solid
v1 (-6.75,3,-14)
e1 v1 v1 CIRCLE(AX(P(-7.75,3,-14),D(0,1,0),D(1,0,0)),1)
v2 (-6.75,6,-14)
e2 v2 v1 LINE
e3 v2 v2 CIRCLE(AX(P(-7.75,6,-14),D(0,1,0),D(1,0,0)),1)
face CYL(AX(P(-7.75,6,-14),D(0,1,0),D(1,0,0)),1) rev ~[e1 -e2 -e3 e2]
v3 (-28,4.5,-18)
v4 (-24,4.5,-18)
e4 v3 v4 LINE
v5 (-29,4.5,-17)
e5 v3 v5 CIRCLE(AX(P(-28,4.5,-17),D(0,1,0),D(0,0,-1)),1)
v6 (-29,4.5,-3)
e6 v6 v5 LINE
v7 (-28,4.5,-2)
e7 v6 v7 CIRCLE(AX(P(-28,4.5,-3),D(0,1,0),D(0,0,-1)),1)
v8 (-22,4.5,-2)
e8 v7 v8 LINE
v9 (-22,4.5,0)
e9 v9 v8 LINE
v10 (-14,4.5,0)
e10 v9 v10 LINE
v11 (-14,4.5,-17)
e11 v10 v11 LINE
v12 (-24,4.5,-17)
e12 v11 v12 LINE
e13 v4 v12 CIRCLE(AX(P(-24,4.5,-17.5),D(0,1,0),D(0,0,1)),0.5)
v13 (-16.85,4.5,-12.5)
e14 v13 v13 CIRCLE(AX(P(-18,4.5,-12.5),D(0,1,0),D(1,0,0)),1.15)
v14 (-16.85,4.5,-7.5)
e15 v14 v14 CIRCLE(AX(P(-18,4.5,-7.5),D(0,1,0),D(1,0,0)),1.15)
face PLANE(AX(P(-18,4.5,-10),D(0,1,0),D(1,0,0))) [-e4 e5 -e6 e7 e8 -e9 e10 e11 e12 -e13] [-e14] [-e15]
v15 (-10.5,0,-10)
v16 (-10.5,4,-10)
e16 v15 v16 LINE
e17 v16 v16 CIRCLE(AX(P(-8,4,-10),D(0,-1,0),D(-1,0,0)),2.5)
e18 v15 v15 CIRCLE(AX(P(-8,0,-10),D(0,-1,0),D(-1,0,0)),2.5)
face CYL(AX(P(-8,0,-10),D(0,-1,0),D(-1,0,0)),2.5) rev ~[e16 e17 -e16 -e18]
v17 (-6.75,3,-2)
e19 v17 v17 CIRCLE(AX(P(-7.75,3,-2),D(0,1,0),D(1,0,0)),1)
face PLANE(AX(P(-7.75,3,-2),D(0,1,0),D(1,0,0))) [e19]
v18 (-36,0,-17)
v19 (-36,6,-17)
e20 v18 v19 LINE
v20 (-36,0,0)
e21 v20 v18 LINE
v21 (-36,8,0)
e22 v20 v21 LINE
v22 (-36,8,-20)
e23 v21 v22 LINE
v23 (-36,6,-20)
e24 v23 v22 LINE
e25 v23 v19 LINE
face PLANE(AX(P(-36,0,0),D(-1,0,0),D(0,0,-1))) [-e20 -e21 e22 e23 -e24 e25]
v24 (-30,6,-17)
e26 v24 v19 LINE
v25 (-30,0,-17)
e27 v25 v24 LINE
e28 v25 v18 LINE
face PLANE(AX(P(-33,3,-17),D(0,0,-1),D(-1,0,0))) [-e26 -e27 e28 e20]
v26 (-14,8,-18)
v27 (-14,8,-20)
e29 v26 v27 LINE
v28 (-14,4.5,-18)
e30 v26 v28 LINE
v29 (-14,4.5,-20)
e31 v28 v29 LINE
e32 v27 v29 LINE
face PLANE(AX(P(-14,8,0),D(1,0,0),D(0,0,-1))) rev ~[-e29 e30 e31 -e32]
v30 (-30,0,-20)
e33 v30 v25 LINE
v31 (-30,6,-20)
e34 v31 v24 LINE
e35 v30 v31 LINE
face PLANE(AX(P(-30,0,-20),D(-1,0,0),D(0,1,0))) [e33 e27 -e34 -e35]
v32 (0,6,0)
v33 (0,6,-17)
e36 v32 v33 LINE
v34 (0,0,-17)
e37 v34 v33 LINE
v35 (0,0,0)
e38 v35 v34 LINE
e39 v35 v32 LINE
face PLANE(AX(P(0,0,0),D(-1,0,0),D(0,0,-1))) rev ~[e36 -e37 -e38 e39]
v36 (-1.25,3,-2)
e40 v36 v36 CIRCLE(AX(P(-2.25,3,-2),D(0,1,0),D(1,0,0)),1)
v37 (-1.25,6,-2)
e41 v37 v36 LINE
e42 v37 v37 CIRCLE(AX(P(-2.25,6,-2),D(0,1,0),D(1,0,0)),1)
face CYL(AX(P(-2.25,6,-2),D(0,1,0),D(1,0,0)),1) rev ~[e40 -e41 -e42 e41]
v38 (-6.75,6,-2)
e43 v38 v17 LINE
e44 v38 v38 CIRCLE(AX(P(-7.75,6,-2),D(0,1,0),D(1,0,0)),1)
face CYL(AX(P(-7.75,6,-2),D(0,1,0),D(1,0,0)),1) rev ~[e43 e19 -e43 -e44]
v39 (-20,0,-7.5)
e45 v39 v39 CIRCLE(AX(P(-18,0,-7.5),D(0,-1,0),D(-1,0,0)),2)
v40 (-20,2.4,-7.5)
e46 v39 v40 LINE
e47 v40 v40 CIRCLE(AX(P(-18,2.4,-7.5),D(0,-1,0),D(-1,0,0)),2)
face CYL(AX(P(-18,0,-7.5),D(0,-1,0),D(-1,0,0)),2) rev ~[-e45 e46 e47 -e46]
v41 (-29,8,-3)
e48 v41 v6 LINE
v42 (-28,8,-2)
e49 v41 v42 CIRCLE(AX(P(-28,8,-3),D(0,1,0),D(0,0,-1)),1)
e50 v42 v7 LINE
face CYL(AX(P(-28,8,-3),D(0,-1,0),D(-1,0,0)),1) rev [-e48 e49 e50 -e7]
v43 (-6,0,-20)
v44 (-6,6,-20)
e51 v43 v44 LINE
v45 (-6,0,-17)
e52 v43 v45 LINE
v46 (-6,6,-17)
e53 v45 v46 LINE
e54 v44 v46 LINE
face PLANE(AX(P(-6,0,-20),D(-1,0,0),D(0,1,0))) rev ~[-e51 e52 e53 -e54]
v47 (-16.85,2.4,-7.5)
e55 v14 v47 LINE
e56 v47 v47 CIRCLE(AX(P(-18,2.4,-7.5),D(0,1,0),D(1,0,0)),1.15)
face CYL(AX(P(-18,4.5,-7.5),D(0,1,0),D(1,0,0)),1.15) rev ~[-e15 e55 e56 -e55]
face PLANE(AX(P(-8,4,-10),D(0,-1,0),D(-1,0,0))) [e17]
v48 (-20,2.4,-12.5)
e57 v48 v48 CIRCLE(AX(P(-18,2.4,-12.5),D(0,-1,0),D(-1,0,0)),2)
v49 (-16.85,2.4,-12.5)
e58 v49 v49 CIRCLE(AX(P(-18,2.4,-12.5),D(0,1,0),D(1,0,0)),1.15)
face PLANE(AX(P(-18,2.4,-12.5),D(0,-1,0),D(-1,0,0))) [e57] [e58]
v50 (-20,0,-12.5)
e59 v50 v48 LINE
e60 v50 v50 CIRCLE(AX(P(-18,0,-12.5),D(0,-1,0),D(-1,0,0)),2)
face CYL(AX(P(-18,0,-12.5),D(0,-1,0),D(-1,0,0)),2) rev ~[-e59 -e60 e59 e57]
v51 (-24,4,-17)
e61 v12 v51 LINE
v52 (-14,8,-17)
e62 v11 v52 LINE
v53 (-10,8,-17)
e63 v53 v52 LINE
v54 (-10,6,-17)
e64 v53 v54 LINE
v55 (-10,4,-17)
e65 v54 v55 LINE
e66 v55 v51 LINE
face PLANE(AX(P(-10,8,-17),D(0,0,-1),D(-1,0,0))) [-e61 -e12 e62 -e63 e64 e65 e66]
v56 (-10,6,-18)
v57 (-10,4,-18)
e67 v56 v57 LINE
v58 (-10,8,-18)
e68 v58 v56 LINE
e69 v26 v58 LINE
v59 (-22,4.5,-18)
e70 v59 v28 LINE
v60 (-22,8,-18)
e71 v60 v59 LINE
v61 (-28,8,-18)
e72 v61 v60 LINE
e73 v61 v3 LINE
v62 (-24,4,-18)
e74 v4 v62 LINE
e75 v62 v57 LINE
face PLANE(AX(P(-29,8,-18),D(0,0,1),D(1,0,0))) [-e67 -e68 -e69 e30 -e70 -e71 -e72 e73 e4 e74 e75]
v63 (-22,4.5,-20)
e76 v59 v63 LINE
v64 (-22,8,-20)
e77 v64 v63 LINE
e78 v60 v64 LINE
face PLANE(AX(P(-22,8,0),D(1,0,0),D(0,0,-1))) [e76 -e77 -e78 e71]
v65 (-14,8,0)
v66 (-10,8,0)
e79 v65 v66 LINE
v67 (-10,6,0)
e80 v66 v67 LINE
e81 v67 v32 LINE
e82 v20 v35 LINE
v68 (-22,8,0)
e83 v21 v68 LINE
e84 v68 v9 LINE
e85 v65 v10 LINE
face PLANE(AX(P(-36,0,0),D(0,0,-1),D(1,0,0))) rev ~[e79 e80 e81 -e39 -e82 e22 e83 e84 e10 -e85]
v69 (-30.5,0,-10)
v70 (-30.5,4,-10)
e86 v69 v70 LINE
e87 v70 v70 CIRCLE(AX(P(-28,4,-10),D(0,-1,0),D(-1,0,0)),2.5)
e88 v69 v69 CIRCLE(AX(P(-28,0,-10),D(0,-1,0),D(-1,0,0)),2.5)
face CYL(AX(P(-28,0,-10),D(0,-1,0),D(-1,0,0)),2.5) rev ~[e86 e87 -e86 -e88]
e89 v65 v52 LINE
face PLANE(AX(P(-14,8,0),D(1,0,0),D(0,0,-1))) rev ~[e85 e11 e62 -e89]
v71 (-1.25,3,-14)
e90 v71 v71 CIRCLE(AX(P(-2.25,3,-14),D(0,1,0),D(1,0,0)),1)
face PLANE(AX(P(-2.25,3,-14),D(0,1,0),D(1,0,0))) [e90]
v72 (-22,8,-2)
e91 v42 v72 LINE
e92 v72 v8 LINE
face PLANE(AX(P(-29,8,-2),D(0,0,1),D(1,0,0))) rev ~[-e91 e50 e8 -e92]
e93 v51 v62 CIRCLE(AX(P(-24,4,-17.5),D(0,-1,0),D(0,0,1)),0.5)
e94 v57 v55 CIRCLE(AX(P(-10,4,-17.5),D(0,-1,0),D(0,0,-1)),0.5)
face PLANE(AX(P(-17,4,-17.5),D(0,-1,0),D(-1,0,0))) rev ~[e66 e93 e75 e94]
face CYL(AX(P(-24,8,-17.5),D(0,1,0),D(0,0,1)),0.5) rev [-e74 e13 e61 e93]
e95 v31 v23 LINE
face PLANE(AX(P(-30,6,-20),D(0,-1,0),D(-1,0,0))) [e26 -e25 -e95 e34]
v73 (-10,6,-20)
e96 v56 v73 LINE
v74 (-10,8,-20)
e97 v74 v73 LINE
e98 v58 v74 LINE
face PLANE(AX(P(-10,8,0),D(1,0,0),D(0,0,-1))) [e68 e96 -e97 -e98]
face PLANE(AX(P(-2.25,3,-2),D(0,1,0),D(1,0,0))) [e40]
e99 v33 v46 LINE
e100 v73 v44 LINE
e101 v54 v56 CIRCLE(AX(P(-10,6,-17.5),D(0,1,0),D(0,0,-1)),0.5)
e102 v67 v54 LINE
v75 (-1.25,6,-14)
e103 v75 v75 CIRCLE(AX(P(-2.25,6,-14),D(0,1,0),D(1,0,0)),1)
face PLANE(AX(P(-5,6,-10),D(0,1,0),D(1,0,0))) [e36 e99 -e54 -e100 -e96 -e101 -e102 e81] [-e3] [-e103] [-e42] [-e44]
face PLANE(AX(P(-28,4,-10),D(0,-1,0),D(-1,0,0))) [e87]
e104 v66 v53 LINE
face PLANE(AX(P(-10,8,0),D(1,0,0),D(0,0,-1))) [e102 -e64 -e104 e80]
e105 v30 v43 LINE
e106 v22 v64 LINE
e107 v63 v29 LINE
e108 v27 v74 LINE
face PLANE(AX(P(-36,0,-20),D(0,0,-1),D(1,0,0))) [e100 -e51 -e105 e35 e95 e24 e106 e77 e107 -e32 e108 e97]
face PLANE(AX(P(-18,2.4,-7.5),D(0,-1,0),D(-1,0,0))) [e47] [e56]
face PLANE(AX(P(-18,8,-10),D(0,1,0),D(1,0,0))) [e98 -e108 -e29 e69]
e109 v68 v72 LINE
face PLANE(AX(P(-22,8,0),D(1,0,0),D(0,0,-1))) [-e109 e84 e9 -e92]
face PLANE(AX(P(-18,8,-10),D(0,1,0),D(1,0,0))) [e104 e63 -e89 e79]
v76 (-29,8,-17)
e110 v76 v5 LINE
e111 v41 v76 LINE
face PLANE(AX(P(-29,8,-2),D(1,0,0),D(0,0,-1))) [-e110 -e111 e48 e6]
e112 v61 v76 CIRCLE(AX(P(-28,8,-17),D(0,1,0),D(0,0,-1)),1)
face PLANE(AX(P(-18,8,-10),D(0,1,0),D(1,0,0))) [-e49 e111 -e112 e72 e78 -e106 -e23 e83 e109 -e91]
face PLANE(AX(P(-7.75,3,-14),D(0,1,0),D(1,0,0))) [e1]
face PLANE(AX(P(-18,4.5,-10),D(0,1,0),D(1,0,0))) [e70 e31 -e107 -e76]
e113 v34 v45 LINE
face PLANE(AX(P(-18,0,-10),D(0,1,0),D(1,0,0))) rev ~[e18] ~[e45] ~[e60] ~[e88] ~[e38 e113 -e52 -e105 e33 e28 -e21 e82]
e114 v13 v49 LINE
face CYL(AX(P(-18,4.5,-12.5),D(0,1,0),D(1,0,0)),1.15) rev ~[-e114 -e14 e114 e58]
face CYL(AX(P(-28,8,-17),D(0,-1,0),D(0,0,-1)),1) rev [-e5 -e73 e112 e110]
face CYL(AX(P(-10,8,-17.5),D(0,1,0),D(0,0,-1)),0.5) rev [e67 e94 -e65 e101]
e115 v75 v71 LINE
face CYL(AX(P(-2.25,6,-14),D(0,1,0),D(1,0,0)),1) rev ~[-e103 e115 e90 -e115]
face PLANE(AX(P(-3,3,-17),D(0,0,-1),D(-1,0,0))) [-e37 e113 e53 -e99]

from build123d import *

# Parameters (mm, degrees)
SKETCH_1_W           = 36
SKETCH_1_H           = 20
EXTRUDE_1_DEPTH      = 8
SKETCH_2_W           = 8
SKETCH_2_H           = 20
CUT_EXTRUDE_1_DEPTH  = 3.5
SKETCH_3_R           = 2.5
CUT_EXTRUDE_2_DEPTH  = 4
SKETCH_5_W           = 7
SKETCH_5_H           = 16
CUT_EXTRUDE_4_DEPTH  = 3.5
FILLET_1_R           = 1
SKETCH_6_R           = 1.15
CUT_EXTRUDE_5_DEPTH  = 5.5
SKETCH_7_W           = 10
SKETCH_7_H           = 20
CUT_EXTRUDE_6_DEPTH  = 2
CUT_EXTRUDE_7_DEPTH  = 4
SKETCH_9_R           = 1
CUT_EXTRUDE_10_DEPTH = 3
SKETCH_10_R          = 2
CUT_EXTRUDE_11_DEPTH = 2.4
SKETCH_11_W          = 6
SKETCH_11_H          = 6
CUT_EXTRUDE_15_DEPTH = 3


with BuildPart() as part:
    # 草图1 → 凸台-拉伸1 (new body)
    with BuildSketch(Plane(origin=(0, 0, 0), x_dir=(1, 0, 0), z_dir=(0, 1, 0))):
        with Locations((-18, 10)):
            Rectangle(SKETCH_1_W, SKETCH_1_H)
    extrude(amount=EXTRUDE_1_DEPTH)

    # 草图2 → 切除-拉伸1 (cut)
    with BuildSketch(Plane(origin=(0, 8, 0), x_dir=(1, 0, 0), z_dir=(0, 1, 0))):
        with Locations((-18, 10)):
            Rectangle(SKETCH_2_W, SKETCH_2_H)
    extrude(amount=-CUT_EXTRUDE_1_DEPTH, mode=Mode.SUBTRACT)

    # 草图3 → 切除-拉伸2 (cut)
    with BuildSketch(Plane(origin=(0, 0, 0), x_dir=(-1, 0, 0), z_dir=(0, -1, 0))):
        with Locations((8, 10)):
            Circle(SKETCH_3_R)
        with Locations((28, 10)):
            Circle(SKETCH_3_R)
    extrude(amount=-CUT_EXTRUDE_2_DEPTH, mode=Mode.SUBTRACT)

    # 草图5 → 切除-拉伸4 (cut)
    with BuildSketch(Plane(origin=(0, 8, 0), x_dir=(1, 0, 0), z_dir=(0, 1, 0))):
        with Locations((-25.5, 10)):
            Rectangle(SKETCH_5_W, SKETCH_5_H)
    extrude(amount=-CUT_EXTRUDE_4_DEPTH, mode=Mode.SUBTRACT)

    # 圆角1
    fillet_1_edges = [part.edges().sort_by_distance(p)[0] for p in [
        (-29, 6.25, -2),
        (-29, 6.25, -18),
    ]]
    fillet(fillet_1_edges, radius=FILLET_1_R)

    # 草图6 → 切除-拉伸5 (cut, through all)
    with BuildSketch(Plane(origin=(0, 4.5, 0), x_dir=(1, 0, 0), z_dir=(0, 1, 0))):
        with Locations((-18, 12.5)):
            Circle(SKETCH_6_R)
        with Locations((-18, 7.5)):
            Circle(SKETCH_6_R)
    extrude(amount=-CUT_EXTRUDE_5_DEPTH, mode=Mode.SUBTRACT)

    # 草图7 → 切除-拉伸6 (cut)
    with BuildSketch(Plane(origin=(0, 8, 0), x_dir=(1, 0, 0), z_dir=(0, 1, 0))):
        with Locations((-5, 10)):
            Rectangle(SKETCH_7_W, SKETCH_7_H)
    extrude(amount=-CUT_EXTRUDE_6_DEPTH, mode=Mode.SUBTRACT)

    # 草图8 → 切除-拉伸7 (cut)
    with BuildSketch(Plane(origin=(0, 8, 0), x_dir=(1, 0, 0), z_dir=(0, 1, 0))):
        with BuildLine():
            Line((-24, 18), (-10, 18))
            ThreePointArc((-10, 18), (-9.5, 17.5), (-10, 17))
            Line((-10, 17), (-24, 17))
            ThreePointArc((-24, 17), (-24.5, 17.5), (-24, 18))
        make_face()
    extrude(amount=-CUT_EXTRUDE_7_DEPTH, mode=Mode.SUBTRACT)

    # 草图9 → 切除-拉伸10 (cut)
    with BuildSketch(Plane(origin=(0, 6, 0), x_dir=(1, 0, 0), z_dir=(0, 1, 0))):
        with Locations((-2.25, 2)):
            Circle(SKETCH_9_R)
        with Locations((-7.75, 2)):
            Circle(SKETCH_9_R)
        with Locations((-2.25, 14)):
            Circle(SKETCH_9_R)
        with Locations((-7.75, 14)):
            Circle(SKETCH_9_R)
    extrude(amount=-CUT_EXTRUDE_10_DEPTH, mode=Mode.SUBTRACT)

    # 草图10 → 切除-拉伸11 (cut)
    with BuildSketch(Plane(origin=(0, 0, 0), x_dir=(-1, 0, 0), z_dir=(0, -1, 0))):
        with Locations((18, 12.5)):
            Circle(SKETCH_10_R)
        with Locations((18, 7.5)):
            Circle(SKETCH_10_R)
    extrude(amount=-CUT_EXTRUDE_11_DEPTH, mode=Mode.SUBTRACT)

    # 草图11 → 切除-拉伸15 (cut)
    with BuildSketch(Plane(origin=(0, 0, -20), x_dir=(-1, 0, 0), z_dir=(0, 0, -1))):
        with Locations((3, 3)):
            Rectangle(SKETCH_11_W, SKETCH_11_H)
        with Locations((33, 3)):
            Rectangle(SKETCH_11_W, SKETCH_11_H)
    extrude(amount=-CUT_EXTRUDE_15_DEPTH, mode=Mode.SUBTRACT)


solid = part.part
